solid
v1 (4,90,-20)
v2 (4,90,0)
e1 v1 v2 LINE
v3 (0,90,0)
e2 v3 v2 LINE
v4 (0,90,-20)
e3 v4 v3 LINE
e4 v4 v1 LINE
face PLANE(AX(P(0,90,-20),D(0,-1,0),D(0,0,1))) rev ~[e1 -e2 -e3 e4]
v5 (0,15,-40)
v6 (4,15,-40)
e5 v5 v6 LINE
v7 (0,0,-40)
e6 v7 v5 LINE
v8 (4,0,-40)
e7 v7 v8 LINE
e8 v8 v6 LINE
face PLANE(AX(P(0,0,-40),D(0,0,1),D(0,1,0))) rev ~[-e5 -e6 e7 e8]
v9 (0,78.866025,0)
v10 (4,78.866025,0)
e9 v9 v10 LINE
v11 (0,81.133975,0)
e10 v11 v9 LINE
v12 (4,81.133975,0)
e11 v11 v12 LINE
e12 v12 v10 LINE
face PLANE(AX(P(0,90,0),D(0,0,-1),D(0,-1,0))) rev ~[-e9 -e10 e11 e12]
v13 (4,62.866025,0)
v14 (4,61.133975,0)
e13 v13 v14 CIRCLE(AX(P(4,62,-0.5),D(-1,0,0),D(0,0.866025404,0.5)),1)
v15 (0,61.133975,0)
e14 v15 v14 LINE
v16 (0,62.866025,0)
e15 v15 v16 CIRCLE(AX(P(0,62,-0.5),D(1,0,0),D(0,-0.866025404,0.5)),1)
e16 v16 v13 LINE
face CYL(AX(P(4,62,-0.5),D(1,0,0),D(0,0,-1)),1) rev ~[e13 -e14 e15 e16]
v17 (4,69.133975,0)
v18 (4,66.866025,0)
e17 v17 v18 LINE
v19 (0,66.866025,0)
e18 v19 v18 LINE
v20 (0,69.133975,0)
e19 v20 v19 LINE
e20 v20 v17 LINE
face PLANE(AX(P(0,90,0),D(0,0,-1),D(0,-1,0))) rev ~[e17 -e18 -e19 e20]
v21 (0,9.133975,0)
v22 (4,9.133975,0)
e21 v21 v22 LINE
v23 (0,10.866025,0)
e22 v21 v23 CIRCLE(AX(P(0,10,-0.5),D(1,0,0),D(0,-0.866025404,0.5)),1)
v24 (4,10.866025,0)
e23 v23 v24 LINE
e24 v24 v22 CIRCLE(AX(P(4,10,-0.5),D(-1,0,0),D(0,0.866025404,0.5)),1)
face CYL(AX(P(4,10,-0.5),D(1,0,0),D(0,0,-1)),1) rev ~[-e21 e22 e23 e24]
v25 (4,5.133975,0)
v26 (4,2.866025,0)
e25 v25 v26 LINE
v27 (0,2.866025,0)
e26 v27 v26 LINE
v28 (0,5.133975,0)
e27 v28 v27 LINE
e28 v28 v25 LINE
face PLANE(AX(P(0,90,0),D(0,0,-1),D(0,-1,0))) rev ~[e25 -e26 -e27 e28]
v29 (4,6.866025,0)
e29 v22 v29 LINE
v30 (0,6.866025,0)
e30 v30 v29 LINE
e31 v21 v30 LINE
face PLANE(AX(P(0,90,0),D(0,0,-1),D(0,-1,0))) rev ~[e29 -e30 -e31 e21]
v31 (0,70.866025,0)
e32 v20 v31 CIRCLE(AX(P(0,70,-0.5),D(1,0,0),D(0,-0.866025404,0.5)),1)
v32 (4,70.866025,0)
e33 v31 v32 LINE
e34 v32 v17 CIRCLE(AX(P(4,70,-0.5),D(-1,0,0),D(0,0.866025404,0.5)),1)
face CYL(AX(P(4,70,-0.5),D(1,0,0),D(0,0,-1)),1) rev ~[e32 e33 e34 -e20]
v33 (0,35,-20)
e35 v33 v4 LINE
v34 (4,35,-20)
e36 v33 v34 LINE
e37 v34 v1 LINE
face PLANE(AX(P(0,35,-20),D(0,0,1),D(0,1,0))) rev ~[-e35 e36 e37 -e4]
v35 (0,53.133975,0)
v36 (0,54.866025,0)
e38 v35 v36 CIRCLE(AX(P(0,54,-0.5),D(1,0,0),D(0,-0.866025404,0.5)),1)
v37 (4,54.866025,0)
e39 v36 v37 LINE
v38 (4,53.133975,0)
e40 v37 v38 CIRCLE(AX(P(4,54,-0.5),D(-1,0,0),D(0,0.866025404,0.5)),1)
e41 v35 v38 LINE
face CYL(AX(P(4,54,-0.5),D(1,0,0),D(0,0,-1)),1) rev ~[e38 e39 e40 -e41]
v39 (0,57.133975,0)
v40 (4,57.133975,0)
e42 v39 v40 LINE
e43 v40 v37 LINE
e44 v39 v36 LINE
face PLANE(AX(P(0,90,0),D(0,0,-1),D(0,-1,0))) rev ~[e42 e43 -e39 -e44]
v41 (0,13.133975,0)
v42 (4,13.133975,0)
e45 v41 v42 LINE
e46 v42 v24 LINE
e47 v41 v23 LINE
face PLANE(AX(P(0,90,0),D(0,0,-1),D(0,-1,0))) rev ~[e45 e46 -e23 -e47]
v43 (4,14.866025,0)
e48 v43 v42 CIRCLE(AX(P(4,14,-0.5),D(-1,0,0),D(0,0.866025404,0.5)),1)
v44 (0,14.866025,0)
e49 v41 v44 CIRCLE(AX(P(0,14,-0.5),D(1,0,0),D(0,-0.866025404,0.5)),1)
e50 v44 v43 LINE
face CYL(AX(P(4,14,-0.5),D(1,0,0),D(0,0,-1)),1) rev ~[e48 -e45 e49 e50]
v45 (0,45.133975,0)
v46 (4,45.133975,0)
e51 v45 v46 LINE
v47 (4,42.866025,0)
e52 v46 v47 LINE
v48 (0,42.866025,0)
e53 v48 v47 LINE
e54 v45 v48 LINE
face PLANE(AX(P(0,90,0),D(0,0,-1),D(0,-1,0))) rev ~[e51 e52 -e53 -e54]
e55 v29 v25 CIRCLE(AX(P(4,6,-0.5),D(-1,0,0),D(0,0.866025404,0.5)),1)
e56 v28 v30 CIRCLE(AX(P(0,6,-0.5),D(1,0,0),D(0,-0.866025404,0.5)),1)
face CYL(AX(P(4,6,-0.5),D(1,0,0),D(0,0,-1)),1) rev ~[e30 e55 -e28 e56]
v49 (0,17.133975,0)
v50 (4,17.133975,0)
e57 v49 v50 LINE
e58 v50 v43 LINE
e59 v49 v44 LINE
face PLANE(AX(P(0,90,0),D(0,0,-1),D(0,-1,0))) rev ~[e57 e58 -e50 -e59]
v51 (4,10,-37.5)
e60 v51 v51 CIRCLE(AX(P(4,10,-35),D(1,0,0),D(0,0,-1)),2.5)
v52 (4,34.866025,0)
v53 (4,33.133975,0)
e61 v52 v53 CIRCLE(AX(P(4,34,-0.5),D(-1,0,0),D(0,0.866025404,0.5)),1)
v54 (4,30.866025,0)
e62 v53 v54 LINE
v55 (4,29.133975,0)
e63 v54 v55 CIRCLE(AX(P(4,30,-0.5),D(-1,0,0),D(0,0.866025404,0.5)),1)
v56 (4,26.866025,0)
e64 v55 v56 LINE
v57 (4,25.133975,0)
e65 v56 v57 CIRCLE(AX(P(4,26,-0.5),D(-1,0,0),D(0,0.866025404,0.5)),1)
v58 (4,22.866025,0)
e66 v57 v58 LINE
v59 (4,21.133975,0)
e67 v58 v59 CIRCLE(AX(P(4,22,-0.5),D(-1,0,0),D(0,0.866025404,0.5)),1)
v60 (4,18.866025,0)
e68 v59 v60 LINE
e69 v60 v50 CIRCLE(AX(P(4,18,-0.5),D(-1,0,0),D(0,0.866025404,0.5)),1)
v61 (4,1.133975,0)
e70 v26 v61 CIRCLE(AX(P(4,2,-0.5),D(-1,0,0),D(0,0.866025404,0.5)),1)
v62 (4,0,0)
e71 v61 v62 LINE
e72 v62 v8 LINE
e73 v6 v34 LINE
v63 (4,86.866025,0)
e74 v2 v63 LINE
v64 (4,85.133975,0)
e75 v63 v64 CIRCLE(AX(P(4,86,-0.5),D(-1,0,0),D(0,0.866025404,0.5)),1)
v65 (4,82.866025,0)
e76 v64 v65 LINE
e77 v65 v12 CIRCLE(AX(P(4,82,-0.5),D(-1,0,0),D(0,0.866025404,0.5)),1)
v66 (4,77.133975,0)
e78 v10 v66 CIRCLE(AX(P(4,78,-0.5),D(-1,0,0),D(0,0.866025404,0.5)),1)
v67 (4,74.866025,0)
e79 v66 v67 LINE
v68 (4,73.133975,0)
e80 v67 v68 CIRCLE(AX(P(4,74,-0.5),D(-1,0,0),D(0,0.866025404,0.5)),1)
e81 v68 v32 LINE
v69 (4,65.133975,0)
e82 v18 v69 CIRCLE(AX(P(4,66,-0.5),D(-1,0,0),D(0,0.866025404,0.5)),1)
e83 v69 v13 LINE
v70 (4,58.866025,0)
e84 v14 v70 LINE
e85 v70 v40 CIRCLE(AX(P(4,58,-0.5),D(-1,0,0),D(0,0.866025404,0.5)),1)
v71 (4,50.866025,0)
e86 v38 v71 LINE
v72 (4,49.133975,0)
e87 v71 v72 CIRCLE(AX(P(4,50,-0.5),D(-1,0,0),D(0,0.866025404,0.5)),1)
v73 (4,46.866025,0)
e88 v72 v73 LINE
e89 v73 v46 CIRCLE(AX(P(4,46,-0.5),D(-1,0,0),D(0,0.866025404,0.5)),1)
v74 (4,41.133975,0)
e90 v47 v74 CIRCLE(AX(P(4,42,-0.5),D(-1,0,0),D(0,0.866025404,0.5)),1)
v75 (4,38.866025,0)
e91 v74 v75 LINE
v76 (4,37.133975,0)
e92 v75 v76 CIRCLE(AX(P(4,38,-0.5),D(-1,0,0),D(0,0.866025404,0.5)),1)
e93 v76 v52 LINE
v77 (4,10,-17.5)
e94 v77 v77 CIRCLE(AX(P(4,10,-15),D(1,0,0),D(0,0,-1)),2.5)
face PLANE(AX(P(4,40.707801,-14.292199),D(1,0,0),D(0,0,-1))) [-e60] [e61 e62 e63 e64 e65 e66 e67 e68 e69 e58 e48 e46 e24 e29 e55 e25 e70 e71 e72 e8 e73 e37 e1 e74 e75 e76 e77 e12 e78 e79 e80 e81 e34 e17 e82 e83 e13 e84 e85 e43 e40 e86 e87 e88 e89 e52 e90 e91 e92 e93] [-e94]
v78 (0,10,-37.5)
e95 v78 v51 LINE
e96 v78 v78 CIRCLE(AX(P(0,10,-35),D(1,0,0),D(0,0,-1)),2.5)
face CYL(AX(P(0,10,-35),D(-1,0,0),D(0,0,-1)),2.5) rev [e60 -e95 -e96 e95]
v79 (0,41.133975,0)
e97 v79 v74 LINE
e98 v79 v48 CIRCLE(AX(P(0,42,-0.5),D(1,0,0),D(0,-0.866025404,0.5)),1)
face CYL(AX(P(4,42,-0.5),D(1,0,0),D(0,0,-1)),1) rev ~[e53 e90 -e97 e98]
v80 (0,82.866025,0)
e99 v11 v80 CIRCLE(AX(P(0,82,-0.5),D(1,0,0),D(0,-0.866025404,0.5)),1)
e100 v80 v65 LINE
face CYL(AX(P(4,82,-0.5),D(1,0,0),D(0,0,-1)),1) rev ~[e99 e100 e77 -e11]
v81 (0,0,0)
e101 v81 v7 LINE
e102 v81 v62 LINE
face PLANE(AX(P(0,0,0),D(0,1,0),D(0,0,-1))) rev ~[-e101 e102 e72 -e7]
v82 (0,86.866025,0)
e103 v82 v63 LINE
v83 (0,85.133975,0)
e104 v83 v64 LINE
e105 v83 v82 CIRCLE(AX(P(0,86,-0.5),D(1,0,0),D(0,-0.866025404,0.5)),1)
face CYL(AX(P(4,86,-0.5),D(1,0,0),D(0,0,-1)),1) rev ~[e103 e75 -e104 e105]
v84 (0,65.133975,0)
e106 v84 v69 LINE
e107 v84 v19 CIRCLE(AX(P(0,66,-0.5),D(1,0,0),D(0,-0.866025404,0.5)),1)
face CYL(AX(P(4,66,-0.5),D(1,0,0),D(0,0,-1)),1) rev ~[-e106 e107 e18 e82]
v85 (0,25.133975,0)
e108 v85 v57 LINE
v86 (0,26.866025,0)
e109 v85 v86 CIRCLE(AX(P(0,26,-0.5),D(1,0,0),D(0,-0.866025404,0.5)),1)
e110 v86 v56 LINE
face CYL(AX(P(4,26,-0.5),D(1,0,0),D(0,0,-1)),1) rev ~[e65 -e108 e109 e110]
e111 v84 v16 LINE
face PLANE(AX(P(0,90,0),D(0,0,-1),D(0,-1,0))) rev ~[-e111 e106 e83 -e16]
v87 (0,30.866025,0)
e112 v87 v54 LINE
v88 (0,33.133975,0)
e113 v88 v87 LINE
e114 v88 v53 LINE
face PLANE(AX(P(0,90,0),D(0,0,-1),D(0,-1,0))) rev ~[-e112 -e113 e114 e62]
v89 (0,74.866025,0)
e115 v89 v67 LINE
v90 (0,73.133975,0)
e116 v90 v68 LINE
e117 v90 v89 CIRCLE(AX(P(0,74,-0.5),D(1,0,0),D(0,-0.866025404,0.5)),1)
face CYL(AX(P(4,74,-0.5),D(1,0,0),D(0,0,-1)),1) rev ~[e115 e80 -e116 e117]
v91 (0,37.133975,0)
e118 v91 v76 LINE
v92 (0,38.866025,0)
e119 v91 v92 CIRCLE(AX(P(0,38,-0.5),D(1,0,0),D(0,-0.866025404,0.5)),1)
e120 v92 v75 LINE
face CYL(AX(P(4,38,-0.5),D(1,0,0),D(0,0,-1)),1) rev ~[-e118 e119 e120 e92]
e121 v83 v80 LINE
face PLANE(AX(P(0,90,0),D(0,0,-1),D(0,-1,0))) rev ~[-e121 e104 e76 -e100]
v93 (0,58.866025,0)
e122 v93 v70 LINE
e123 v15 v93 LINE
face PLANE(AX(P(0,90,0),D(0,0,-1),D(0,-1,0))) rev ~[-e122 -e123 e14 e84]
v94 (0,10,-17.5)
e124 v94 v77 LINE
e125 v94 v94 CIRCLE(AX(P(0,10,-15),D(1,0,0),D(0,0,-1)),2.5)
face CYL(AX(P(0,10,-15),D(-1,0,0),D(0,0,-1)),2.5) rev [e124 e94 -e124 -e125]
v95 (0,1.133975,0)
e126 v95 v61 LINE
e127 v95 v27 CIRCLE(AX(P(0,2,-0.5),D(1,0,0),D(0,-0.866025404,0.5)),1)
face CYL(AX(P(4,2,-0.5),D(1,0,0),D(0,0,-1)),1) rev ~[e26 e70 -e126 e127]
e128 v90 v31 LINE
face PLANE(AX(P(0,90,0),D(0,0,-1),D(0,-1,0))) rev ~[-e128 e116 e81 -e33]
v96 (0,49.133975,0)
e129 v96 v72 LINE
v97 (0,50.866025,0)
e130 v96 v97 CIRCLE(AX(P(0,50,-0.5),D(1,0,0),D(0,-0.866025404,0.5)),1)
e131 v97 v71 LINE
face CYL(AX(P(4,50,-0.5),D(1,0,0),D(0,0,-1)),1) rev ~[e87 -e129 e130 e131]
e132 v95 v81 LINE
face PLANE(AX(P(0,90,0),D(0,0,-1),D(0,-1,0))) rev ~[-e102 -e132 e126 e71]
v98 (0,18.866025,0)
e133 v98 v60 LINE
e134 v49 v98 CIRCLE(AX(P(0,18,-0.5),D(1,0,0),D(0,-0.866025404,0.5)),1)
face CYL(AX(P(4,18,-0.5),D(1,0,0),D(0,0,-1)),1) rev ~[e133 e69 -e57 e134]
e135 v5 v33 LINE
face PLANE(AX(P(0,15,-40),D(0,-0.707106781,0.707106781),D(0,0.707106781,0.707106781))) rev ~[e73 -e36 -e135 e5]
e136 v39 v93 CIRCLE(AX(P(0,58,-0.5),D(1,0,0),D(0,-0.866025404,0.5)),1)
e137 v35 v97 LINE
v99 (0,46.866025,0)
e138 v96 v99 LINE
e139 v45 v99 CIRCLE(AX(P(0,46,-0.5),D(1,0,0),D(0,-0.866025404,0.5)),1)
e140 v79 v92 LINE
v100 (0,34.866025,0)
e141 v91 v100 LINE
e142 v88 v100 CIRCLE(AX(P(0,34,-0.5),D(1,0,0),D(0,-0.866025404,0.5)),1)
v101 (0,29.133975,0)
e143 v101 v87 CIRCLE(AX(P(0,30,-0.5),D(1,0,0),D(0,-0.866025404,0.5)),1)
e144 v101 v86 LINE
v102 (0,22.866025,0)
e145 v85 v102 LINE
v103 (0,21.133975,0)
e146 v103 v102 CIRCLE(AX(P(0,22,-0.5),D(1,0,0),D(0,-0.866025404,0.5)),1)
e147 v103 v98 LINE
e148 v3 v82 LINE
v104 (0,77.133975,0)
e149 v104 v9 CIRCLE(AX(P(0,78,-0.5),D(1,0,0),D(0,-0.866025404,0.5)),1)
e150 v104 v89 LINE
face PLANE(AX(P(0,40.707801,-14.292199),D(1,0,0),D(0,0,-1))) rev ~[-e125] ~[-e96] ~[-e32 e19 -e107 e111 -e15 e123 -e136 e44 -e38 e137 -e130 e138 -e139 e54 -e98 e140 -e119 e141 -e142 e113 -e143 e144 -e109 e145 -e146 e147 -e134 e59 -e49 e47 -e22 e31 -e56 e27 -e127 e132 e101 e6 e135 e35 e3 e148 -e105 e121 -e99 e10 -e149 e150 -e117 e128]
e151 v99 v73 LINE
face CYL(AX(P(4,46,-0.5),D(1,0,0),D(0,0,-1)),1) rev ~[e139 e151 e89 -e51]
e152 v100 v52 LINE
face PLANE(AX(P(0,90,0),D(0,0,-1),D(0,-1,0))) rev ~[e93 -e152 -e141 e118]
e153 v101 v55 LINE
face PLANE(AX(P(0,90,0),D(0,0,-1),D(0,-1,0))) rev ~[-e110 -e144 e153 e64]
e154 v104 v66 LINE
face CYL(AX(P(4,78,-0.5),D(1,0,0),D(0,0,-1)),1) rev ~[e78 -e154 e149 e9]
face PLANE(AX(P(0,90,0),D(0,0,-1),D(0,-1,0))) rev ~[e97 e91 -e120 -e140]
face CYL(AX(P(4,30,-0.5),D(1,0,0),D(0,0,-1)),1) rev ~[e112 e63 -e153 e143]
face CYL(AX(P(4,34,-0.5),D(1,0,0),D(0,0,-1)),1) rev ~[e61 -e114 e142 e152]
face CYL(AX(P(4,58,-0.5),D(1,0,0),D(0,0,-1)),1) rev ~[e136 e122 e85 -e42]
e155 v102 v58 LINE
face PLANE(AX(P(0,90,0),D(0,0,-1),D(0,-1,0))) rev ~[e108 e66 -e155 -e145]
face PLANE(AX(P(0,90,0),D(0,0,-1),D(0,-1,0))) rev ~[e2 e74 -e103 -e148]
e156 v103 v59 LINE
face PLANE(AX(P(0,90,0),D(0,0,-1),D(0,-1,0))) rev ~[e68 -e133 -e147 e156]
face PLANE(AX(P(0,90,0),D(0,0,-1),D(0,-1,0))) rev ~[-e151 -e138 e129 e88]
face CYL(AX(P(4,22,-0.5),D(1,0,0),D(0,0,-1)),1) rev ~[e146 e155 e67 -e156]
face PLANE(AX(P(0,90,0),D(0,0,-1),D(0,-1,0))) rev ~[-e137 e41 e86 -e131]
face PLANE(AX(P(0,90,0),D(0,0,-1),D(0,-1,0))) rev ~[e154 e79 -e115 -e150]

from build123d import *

# Parameters (mm, degrees)
SKETCH_1_R          = 2.5
EXTRUDE_1_DEPTH     = 4
SKETCH_2_R          = 1
CUT_EXTRUDE_1_DEPTH = 10


with BuildPart() as part:
    # Эскиз1 → Бобышка-Вытянуть1 (new body)
    with BuildSketch(Plane(origin=(0, 0, 0), x_dir=(0, 0, -1), z_dir=(1, 0, 0))):
        Polygon((40, 15), (20, 35), (20, 90), (0, 90), (0, 0), (40, 0), align=None)
        with Locations((15, 10)):
            Circle(SKETCH_1_R, mode=Mode.SUBTRACT)
        with Locations((35, 10)):
            Circle(SKETCH_1_R, mode=Mode.SUBTRACT)
    extrude(amount=EXTRUDE_1_DEPTH)

    # Эскиз2 → Вырез-Вытянуть1 (cut)
    with BuildSketch(Plane(origin=(4, 0, 0), x_dir=(0, 0, -1), z_dir=(1, 0, 0))):
        with Locations((0.5, 2)):
            Circle(SKETCH_2_R)
        with Locations((0.5, 6)):
            Circle(SKETCH_2_R)
        with Locations((0.5, 10)):
            Circle(SKETCH_2_R)
        with Locations((0.5, 14)):
            Circle(SKETCH_2_R)
        with Locations((0.5, 18)):
            Circle(SKETCH_2_R)
        with Locations((0.5, 22)):
            Circle(SKETCH_2_R)
        with Locations((0.5, 26)):
            Circle(SKETCH_2_R)
        with Locations((0.5, 30)):
            Circle(SKETCH_2_R)
        with Locations((0.5, 34)):
            Circle(SKETCH_2_R)
        with Locations((0.5, 38)):
            Circle(SKETCH_2_R)
        with Locations((0.5, 42)):
            Circle(SKETCH_2_R)
        with Locations((0.5, 46)):
            Circle(SKETCH_2_R)
        with Locations((0.5, 50)):
            Circle(SKETCH_2_R)
        with Locations((0.5, 54)):
            Circle(SKETCH_2_R)
        with Locations((0.5, 58)):
            Circle(SKETCH_2_R)
        with Locations((0.5, 62)):
            Circle(SKETCH_2_R)
        with Locations((0.5, 66)):
            Circle(SKETCH_2_R)
        with Locations((0.5, 70)):
            Circle(SKETCH_2_R)
        with Locations((0.5, 74)):
            Circle(SKETCH_2_R)
        with Locations((0.5, 78)):
            Circle(SKETCH_2_R)
        with Locations((0.5, 82)):
            Circle(SKETCH_2_R)
        with Locations((0.5, 86)):
            Circle(SKETCH_2_R)
    extrude(amount=-CUT_EXTRUDE_1_DEPTH, mode=Mode.SUBTRACT)


solid = part.part
